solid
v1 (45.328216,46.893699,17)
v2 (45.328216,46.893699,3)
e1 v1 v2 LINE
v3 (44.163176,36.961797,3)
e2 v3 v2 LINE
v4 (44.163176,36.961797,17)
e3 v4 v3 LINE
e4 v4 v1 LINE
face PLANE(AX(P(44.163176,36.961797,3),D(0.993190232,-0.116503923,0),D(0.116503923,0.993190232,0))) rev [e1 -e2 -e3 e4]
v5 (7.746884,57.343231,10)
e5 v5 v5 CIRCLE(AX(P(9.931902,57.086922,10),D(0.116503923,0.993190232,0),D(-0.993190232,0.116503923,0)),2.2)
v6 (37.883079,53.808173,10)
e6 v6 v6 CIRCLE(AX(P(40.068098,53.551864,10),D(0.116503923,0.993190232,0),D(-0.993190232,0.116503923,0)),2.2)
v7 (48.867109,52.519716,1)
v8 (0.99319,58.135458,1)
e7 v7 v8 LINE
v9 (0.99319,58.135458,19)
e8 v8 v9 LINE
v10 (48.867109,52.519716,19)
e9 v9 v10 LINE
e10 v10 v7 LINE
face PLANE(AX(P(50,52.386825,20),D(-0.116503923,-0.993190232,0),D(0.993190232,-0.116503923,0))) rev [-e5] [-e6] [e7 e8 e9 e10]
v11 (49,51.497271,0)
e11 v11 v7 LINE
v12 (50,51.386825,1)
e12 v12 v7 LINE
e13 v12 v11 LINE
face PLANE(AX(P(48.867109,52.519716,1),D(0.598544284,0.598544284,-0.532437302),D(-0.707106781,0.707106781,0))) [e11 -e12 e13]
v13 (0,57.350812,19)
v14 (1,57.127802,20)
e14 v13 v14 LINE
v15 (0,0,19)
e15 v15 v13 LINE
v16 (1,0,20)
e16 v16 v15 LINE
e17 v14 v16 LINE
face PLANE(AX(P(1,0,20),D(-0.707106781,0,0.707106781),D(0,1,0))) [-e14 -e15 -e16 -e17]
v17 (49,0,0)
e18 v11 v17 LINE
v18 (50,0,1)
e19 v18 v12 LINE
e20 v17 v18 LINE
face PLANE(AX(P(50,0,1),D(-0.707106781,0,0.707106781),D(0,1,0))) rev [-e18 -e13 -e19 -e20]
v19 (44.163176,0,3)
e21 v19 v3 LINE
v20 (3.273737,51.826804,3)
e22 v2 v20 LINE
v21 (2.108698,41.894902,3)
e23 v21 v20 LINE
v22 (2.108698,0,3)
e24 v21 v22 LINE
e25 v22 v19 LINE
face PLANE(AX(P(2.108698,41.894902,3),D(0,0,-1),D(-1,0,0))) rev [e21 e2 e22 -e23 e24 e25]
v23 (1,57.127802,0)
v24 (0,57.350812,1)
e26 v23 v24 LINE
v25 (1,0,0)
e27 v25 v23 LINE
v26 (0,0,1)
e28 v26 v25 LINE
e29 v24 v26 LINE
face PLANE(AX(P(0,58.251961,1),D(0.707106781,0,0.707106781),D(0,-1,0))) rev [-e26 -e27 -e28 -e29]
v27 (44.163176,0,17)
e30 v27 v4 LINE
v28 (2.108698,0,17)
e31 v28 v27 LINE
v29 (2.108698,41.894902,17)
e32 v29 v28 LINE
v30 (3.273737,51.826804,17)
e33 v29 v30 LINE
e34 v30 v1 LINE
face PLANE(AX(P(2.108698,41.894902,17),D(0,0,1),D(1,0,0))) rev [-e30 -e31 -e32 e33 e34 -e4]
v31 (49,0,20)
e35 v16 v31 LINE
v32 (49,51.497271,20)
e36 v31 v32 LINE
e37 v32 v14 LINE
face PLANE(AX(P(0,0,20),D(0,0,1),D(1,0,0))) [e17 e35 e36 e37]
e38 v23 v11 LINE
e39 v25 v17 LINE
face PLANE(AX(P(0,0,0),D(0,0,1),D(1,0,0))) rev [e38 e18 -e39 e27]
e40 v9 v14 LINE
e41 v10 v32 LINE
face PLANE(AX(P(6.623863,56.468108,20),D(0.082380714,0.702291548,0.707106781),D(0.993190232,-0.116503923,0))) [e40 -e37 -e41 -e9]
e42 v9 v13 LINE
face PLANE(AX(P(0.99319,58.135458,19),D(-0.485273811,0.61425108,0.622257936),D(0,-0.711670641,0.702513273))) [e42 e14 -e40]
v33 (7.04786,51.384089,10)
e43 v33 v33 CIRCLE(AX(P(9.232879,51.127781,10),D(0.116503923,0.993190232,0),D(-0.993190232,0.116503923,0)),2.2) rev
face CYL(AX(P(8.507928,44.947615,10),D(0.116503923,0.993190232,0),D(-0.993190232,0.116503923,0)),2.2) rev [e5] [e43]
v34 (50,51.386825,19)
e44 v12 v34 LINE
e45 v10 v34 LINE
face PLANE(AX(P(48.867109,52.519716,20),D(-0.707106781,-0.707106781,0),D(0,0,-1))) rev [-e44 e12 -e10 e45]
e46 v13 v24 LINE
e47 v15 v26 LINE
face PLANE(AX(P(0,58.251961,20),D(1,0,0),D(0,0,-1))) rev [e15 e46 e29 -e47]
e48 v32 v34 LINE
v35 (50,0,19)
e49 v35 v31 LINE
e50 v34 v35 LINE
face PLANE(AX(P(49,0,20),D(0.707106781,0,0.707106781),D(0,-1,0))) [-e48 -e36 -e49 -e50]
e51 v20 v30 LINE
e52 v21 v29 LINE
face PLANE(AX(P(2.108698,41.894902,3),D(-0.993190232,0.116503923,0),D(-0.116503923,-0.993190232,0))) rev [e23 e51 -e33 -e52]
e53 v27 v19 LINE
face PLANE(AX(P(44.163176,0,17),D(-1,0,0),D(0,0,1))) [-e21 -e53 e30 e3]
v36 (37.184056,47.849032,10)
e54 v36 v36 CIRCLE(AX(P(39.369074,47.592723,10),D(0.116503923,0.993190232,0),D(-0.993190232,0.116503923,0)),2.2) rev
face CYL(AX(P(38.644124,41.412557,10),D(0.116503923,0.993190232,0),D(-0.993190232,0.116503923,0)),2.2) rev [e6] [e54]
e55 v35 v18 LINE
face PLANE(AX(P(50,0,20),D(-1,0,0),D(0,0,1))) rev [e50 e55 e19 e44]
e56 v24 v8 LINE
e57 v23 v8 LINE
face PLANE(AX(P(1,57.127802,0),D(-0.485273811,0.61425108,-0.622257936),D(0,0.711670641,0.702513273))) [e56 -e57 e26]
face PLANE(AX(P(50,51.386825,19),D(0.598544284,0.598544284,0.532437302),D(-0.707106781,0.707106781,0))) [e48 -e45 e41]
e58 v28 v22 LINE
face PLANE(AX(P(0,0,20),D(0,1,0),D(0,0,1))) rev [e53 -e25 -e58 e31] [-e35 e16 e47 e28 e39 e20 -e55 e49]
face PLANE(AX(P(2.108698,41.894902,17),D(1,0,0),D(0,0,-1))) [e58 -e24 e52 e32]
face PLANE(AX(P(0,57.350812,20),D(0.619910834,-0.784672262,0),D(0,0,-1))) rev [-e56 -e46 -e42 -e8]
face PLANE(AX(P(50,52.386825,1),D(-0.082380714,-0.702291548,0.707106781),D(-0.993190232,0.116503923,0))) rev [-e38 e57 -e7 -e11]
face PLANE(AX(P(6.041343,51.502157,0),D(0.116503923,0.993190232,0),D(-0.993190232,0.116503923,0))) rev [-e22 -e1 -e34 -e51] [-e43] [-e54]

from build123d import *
from OCP.BRepFilletAPI import BRepFilletAPI_MakeChamfer

# Parameters (mm, degrees)
BOSS_EXTRUDE1_DEPTH = 20
SKETCH3_W           = 42.34282297
SKETCH3_H           = 14
CUT_EXTRUDE1_DEPTH  = 10
CUT_EXTRUDE2_DEPTH  = 14
SKETCH2_R           = 2.2
CUT_EXTRUDE3_DEPTH  = 6
CHAMFER1_SIZE       = 1
CHAMFER1_SIZE2      = 0.9011492
CHAMFER1_SIZE2_2    = 1.140658854


with BuildPart() as part:
    # Sketch1 → Boss-Extrude1 (new body)
    with BuildSketch(Plane.XY):
        Polygon((0, 58.251961434), (0, 0), (50, 0), (50, 52.38682507), align=None)
    extrude(amount=BOSS_EXTRUDE1_DEPTH)

    # Sketch3 → Cut-Extrude1 (cut)
    with BuildSketch(Plane(origin=(6.041343432, 51.502156617, 0), x_dir=(0.9931902315046269, -0.11650392286865593, 0), z_dir=(0.11650392286865592, 0.9931902315046268, 0))):
        with Locations((18.384829463, -10)):
            Rectangle(SKETCH3_W, SKETCH3_H)
    extrude(amount=-CUT_EXTRUDE1_DEPTH, mode=Mode.SUBTRACT)

    # Sketch4 → Cut-Extrude2 (cut)
    with BuildSketch(Plane.XY.offset(3)):
        Polygon((2.10869816, 41.894902039), (2.10869816, 0), (44.163176308, 0), (44.163176308, 36.961797057), align=None)
    extrude(amount=CUT_EXTRUDE2_DEPTH, mode=Mode.SUBTRACT)

    # Sketch2 → Cut-Extrude3 (cut)
    with BuildSketch(Plane(origin=(6.740366969, 57.461298006, 0), x_dir=(0.9931902315046269, -0.11650392286865593, 0), z_dir=(0.11650392286865592, 0.9931902315046268, 0))):
        with Locations(Location((3.213417978, -10, 0), (0, 0, 180))):
            Circle(SKETCH2_R)
        with Locations(Location((33.556240948, -10, 0), (0, 0, 180))):
            Circle(SKETCH2_R)
    extrude(amount=-CUT_EXTRUDE3_DEPTH, mode=Mode.SUBTRACT)

    # Chamfer1: one chamfer whose edges measure the first distance from different faces: ONE call of the kernel's chamfer builder (chamfer() names one face for all edges)
    chamfer1_edges_1 = [part.edges().sort_by_distance(p)[0] for p in [
        (25, 55.319393252, 20),
        (0, 29.125980717, 20),
        (0, 29.125980717, 0),
        (25, 55.319393252, 0),
        (50, 26.193412535, 0),
        (50, 26.193412535, 20),
    ]]
    chamfer1_edges_2 = [part.edges().sort_by_distance(p)[0] for p in [
        (0, 58.251961434, 10),
    ]]
    chamfer1_side_2 = [part.faces().sort_by_distance(p)[0] for p in [
        (25, 55.319393252, 10),
    ]]
    chamfer1_edges_3 = [part.edges().sort_by_distance(p)[0] for p in [
        (50, 52.38682507, 10),
    ]]
    chamfer1_side_3 = [part.faces().sort_by_distance(p)[0] for p in [
        (50, 26.193412535, 10),
    ]]
    chamfer1 = BRepFilletAPI_MakeChamfer(part.part.solid().wrapped)
    for e in chamfer1_edges_1:
        chamfer1.Add(CHAMFER1_SIZE, e.wrapped)
    for e in chamfer1_edges_2:
        chamfer1.Add(CHAMFER1_SIZE, CHAMFER1_SIZE2, e.wrapped, chamfer1_side_2[0].wrapped)  # the first distance lies on this face
    for e in chamfer1_edges_3:
        chamfer1.Add(CHAMFER1_SIZE, CHAMFER1_SIZE2_2, e.wrapped, chamfer1_side_3[0].wrapped)  # the first distance lies on this face
    add(Compound.cast(chamfer1.Shape()), mode=Mode.REPLACE)


solid = part.part
